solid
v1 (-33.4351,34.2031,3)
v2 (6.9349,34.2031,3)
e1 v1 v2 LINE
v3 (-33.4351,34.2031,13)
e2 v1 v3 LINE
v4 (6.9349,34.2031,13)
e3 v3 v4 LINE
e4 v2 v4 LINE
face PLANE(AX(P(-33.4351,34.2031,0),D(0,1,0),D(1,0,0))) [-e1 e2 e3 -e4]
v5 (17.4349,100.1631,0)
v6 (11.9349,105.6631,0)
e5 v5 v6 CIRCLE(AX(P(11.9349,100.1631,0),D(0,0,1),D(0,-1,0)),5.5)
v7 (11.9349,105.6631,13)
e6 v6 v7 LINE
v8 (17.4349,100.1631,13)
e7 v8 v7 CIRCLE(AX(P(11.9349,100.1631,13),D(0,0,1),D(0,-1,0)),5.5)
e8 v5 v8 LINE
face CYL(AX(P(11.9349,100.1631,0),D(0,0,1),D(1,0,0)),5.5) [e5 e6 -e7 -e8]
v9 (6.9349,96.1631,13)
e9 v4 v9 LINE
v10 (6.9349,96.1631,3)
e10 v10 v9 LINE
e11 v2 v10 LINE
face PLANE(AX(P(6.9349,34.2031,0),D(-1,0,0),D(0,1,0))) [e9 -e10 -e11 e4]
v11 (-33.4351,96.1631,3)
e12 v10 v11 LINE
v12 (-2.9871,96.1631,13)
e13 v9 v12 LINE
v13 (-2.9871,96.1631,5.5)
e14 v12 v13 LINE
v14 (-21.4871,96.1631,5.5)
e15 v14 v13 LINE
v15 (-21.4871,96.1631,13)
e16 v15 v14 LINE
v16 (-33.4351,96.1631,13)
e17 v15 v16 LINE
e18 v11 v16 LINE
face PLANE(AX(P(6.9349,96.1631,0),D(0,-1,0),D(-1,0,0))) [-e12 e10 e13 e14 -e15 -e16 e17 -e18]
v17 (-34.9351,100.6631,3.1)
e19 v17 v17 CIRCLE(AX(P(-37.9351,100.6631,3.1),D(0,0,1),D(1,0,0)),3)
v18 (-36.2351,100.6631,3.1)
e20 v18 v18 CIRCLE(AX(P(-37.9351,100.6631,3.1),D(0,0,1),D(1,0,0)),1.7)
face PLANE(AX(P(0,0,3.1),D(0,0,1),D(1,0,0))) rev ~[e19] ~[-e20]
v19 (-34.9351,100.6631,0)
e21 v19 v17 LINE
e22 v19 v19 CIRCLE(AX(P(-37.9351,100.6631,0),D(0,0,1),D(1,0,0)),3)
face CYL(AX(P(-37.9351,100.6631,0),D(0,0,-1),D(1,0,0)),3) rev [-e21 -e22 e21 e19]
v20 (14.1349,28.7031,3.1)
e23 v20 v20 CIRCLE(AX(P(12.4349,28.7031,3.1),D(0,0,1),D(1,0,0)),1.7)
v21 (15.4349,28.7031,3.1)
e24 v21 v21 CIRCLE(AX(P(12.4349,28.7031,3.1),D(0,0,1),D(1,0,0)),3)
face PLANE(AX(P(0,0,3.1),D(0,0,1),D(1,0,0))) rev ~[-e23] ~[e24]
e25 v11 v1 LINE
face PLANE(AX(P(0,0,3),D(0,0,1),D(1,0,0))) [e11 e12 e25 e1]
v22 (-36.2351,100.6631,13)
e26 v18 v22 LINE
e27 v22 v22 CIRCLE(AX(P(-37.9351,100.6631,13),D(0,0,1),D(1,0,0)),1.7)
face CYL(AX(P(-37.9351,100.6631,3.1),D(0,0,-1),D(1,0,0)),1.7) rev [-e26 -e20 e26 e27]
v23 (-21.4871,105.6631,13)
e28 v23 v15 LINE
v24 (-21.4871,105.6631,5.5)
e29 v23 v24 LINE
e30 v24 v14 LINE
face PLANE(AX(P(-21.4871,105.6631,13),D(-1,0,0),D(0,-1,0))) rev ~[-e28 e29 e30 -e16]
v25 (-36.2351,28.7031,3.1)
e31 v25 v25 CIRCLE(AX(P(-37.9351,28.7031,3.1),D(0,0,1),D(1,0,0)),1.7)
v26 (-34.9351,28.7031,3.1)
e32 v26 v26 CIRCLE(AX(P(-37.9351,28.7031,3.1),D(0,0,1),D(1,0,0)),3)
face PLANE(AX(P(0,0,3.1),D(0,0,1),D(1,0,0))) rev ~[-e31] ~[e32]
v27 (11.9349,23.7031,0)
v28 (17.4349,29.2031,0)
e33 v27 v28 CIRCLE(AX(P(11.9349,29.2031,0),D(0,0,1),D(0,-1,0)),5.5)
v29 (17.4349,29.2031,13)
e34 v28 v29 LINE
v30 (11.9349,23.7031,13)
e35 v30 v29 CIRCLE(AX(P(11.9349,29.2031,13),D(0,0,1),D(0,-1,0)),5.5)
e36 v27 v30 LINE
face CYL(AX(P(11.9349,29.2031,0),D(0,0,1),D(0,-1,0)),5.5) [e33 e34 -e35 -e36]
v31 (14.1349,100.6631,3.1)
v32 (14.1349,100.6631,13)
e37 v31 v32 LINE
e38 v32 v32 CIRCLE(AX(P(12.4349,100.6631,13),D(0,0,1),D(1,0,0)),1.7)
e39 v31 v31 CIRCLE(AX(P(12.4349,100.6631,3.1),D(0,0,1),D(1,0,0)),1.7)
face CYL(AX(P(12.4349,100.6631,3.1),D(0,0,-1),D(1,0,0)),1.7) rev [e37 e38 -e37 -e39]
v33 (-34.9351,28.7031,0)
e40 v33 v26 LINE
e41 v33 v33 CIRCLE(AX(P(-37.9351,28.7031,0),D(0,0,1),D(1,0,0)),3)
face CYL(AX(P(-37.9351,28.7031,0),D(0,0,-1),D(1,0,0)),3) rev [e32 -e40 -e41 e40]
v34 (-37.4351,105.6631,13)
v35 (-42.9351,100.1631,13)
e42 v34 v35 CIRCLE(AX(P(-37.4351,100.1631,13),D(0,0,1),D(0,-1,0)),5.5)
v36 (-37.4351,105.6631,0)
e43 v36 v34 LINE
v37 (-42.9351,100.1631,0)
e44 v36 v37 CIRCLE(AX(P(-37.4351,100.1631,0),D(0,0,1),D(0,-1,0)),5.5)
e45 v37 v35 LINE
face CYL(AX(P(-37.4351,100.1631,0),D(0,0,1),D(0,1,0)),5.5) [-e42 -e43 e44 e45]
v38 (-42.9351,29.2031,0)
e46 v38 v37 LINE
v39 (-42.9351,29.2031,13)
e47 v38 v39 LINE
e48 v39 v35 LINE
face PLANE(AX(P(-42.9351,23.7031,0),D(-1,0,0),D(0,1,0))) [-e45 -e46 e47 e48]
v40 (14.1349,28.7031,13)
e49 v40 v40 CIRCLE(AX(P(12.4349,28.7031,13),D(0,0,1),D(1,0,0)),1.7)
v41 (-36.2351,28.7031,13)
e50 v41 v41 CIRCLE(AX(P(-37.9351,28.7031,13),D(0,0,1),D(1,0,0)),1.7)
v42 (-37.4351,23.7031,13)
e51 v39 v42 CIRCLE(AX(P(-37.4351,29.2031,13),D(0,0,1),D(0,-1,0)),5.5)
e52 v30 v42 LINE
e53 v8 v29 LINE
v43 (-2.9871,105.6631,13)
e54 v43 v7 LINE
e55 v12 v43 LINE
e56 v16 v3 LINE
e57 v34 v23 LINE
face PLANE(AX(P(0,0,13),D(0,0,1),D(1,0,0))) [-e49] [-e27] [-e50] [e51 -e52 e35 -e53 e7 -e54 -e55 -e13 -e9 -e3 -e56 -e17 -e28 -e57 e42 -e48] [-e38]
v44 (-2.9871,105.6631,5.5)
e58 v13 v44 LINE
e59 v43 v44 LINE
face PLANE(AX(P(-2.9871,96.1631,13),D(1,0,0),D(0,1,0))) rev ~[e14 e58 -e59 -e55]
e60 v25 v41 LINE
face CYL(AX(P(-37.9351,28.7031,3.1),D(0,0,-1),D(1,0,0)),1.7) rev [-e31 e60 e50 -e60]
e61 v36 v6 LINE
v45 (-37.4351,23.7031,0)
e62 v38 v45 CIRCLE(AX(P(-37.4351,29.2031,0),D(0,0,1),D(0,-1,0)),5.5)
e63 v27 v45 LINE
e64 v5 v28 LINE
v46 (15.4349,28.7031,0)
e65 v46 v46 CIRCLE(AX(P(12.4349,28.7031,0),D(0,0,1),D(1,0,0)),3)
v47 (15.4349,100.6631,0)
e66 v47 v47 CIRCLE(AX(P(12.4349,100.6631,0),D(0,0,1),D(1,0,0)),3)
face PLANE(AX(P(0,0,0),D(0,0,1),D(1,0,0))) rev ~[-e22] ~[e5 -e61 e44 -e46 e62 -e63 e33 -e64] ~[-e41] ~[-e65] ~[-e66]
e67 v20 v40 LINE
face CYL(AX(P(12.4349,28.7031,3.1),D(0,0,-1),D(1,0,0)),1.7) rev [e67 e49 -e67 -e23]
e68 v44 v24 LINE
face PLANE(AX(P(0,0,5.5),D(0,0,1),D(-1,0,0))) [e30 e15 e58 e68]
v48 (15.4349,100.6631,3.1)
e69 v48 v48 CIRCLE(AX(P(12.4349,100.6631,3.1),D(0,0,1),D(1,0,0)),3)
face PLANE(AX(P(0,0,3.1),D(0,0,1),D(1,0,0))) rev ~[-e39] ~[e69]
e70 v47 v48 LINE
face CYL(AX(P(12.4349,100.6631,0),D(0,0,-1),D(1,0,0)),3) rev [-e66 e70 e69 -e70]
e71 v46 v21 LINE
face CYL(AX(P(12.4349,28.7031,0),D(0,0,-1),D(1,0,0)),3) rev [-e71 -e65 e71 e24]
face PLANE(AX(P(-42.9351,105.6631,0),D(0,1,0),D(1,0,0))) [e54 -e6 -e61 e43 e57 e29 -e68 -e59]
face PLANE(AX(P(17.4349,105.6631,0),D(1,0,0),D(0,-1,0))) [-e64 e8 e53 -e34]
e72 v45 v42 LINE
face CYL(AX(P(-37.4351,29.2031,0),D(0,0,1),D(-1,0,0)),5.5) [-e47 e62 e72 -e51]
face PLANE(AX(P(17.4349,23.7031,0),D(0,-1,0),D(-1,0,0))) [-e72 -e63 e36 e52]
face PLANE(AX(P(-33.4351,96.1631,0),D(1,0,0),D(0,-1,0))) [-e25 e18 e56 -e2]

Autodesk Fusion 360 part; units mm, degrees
sketch "Sketch1" plane through (0, 0, 0) normal (0, 0, 1) x (1, 0, 0) in component "Jackson's Editing ATK"
  line L0 (-33.4351, 34.2031) -> (6.9349, 34.2031)
  line L1 (6.9349, 34.2031) -> (6.9349, 96.1631)
  line L2 (6.9349, 96.1631) -> (-33.4351, 96.1631)
  line L3 (-33.4351, 96.1631) -> (-33.4351, 34.2031)
  line L4 (-42.9351, 105.6631) -> (17.4349, 105.6631)
  line L5 (17.4349, 105.6631) -> (17.4349, 23.7031)
  line L6 (17.4349, 23.7031) -> (-42.9351, 23.7031)
  line L7 (-42.9351, 23.7031) -> (-42.9351, 105.6631)
  circle A0 centre (-37.9351, 28.7031) radius 1.7
  circle A1 centre (-37.9351, 28.7031) radius 3
  circle A2 centre (12.4349, 28.7031) radius 1.7
  circle A3 centre (12.4349, 28.7031) radius 1.7
  circle A4 centre (12.4349, 28.7031) radius 3
  circle A5 centre (12.4349, 100.6631) radius 1.7
  circle A6 centre (12.4349, 100.6631) radius 3
  circle A7 centre (-37.9351, 100.6631) radius 1.7
  circle A8 centre (-37.9351, 100.6631) radius 3
  dimension "d1" = 61.96
  dimension "d2" = 40.37
  dimension "d3" = 60.37
  dimension "d4" = 81.96
  dimension "d5" = 9.5
  dimension "d6" = 9.5
  dimension "d7" = 3.4
  dimension "d8" = 5
  dimension "d9" = 5
  dimension "d17" = 6
  dimension "d20" = 3.4
  dimension "d21" = 5
  dimension "d22" = 5
  dimension "d23" = 3.4
  dimension "d24" = 6
  dimension "d25" = 3.4
  dimension "d26" = 5
  dimension "d27" = 5
  dimension "d28" = 6
  dimension "d29" = 3.4
  dimension "d30" = 5
  dimension "d31" = 5
  dimension "d32" = 6
extrude "Extrude1" add sketch "Sketch1" along normal blind 9.9 from surface at 3.1 contours A1 | A4 | A6 | A8 makes body 1 at (-34.9388, 28.5536, 9.7) makes body 2 at (-35.3752, 102.2274, 9.7) makes body 3 at (15.4312, 28.5536, 9.7) makes body 4 at (15.254, 99.6371, 9.7) in component "Jackson's Editing ATK"
extrude "Extrude2" add sketch "Sketch1" along normal blind 13 contours L4 L5 L6 L7 bodies 1 2 3 4 in component "Jackson's Editing ATK"
extrude "Extrude3" add sketch "Sketch1" along normal blind 3 contours L0 L1 L2 L3 bodies 1 in component "Jackson's Editing ATK"
sketch "Sketch2" plane through (0, 0, 13) normal (0, 0, 1) x (-1, 0, 0) in component "Jackson's Editing ATK"
  circle A0 centre (37.9351, -28.7031) radius 1.7
  circle A1 centre (-12.4349, -100.6631) radius 1.7
  line L0 (33.4351, -34.2031) -> (33.4351, -96.1631)
  line L1 (33.4351, -96.1631) -> (-6.9349, -96.1631)
  line L2 (-6.9349, -96.1631) -> (-6.9349, -34.2031)
  line L3 (-6.9349, -34.2031) -> (33.4351, -34.2031)
  line L4 (42.9351, -23.7031) -> (-17.4349, -23.7031)
  line L5 (-17.4349, -23.7031) -> (-17.4349, -105.6631)
  line L6 (-17.4349, -105.6631) -> (42.9351, -105.6631)
  line L7 (42.9351, -105.6631) -> (42.9351, -23.7031)
  circle A2 centre (37.9351, -100.6631) radius 1.7
  circle A3 centre (-12.4349, -28.7031) radius 1.7
  line L8 (21.4871, -96.1631) -> (2.9871, -96.1631)
  line L9 (2.9871, -96.1631) -> (2.9871, -105.6631)
  line L10 (2.9871, -105.6631) -> (21.4871, -105.6631)
  line L11 (21.4871, -105.6631) -> (21.4871, -96.1631)
  dimension "d40" = 21.448
  dimension "d41" = 18.5
extrude "Extrude4" cut sketch "Sketch2" against normal blind 7.5 contours L1 L6 L8 L9 L10 L11 bodies 1 in component "Jackson's Editing ATK"
fillet "Fillet1" radius 5.5 1 edges at (-42.9351, 23.7031, 6.5) on bodies 1 in component "Jackson's Editing ATK"
fillet "Fillet2" radius 5.5 1 edges at (17.4349, 23.7031, 6.5) on bodies 1 in component "Jackson's Editing ATK"
fillet "Fillet3" radius 5.5 1 edges at (17.4349, 105.6631, 6.5) on bodies 1 in component "Jackson's Editing ATK"
fillet "Fillet4" radius 5.5 1 edges at (-42.9351, 105.6631, 6.5) on bodies 1 in component "Jackson's Editing ATK"
component "Jackson's Editing ATK" placed x (1, 0, 0) y (0, 1, 0) z (0, 0, 1) at (0, 0, 0)
